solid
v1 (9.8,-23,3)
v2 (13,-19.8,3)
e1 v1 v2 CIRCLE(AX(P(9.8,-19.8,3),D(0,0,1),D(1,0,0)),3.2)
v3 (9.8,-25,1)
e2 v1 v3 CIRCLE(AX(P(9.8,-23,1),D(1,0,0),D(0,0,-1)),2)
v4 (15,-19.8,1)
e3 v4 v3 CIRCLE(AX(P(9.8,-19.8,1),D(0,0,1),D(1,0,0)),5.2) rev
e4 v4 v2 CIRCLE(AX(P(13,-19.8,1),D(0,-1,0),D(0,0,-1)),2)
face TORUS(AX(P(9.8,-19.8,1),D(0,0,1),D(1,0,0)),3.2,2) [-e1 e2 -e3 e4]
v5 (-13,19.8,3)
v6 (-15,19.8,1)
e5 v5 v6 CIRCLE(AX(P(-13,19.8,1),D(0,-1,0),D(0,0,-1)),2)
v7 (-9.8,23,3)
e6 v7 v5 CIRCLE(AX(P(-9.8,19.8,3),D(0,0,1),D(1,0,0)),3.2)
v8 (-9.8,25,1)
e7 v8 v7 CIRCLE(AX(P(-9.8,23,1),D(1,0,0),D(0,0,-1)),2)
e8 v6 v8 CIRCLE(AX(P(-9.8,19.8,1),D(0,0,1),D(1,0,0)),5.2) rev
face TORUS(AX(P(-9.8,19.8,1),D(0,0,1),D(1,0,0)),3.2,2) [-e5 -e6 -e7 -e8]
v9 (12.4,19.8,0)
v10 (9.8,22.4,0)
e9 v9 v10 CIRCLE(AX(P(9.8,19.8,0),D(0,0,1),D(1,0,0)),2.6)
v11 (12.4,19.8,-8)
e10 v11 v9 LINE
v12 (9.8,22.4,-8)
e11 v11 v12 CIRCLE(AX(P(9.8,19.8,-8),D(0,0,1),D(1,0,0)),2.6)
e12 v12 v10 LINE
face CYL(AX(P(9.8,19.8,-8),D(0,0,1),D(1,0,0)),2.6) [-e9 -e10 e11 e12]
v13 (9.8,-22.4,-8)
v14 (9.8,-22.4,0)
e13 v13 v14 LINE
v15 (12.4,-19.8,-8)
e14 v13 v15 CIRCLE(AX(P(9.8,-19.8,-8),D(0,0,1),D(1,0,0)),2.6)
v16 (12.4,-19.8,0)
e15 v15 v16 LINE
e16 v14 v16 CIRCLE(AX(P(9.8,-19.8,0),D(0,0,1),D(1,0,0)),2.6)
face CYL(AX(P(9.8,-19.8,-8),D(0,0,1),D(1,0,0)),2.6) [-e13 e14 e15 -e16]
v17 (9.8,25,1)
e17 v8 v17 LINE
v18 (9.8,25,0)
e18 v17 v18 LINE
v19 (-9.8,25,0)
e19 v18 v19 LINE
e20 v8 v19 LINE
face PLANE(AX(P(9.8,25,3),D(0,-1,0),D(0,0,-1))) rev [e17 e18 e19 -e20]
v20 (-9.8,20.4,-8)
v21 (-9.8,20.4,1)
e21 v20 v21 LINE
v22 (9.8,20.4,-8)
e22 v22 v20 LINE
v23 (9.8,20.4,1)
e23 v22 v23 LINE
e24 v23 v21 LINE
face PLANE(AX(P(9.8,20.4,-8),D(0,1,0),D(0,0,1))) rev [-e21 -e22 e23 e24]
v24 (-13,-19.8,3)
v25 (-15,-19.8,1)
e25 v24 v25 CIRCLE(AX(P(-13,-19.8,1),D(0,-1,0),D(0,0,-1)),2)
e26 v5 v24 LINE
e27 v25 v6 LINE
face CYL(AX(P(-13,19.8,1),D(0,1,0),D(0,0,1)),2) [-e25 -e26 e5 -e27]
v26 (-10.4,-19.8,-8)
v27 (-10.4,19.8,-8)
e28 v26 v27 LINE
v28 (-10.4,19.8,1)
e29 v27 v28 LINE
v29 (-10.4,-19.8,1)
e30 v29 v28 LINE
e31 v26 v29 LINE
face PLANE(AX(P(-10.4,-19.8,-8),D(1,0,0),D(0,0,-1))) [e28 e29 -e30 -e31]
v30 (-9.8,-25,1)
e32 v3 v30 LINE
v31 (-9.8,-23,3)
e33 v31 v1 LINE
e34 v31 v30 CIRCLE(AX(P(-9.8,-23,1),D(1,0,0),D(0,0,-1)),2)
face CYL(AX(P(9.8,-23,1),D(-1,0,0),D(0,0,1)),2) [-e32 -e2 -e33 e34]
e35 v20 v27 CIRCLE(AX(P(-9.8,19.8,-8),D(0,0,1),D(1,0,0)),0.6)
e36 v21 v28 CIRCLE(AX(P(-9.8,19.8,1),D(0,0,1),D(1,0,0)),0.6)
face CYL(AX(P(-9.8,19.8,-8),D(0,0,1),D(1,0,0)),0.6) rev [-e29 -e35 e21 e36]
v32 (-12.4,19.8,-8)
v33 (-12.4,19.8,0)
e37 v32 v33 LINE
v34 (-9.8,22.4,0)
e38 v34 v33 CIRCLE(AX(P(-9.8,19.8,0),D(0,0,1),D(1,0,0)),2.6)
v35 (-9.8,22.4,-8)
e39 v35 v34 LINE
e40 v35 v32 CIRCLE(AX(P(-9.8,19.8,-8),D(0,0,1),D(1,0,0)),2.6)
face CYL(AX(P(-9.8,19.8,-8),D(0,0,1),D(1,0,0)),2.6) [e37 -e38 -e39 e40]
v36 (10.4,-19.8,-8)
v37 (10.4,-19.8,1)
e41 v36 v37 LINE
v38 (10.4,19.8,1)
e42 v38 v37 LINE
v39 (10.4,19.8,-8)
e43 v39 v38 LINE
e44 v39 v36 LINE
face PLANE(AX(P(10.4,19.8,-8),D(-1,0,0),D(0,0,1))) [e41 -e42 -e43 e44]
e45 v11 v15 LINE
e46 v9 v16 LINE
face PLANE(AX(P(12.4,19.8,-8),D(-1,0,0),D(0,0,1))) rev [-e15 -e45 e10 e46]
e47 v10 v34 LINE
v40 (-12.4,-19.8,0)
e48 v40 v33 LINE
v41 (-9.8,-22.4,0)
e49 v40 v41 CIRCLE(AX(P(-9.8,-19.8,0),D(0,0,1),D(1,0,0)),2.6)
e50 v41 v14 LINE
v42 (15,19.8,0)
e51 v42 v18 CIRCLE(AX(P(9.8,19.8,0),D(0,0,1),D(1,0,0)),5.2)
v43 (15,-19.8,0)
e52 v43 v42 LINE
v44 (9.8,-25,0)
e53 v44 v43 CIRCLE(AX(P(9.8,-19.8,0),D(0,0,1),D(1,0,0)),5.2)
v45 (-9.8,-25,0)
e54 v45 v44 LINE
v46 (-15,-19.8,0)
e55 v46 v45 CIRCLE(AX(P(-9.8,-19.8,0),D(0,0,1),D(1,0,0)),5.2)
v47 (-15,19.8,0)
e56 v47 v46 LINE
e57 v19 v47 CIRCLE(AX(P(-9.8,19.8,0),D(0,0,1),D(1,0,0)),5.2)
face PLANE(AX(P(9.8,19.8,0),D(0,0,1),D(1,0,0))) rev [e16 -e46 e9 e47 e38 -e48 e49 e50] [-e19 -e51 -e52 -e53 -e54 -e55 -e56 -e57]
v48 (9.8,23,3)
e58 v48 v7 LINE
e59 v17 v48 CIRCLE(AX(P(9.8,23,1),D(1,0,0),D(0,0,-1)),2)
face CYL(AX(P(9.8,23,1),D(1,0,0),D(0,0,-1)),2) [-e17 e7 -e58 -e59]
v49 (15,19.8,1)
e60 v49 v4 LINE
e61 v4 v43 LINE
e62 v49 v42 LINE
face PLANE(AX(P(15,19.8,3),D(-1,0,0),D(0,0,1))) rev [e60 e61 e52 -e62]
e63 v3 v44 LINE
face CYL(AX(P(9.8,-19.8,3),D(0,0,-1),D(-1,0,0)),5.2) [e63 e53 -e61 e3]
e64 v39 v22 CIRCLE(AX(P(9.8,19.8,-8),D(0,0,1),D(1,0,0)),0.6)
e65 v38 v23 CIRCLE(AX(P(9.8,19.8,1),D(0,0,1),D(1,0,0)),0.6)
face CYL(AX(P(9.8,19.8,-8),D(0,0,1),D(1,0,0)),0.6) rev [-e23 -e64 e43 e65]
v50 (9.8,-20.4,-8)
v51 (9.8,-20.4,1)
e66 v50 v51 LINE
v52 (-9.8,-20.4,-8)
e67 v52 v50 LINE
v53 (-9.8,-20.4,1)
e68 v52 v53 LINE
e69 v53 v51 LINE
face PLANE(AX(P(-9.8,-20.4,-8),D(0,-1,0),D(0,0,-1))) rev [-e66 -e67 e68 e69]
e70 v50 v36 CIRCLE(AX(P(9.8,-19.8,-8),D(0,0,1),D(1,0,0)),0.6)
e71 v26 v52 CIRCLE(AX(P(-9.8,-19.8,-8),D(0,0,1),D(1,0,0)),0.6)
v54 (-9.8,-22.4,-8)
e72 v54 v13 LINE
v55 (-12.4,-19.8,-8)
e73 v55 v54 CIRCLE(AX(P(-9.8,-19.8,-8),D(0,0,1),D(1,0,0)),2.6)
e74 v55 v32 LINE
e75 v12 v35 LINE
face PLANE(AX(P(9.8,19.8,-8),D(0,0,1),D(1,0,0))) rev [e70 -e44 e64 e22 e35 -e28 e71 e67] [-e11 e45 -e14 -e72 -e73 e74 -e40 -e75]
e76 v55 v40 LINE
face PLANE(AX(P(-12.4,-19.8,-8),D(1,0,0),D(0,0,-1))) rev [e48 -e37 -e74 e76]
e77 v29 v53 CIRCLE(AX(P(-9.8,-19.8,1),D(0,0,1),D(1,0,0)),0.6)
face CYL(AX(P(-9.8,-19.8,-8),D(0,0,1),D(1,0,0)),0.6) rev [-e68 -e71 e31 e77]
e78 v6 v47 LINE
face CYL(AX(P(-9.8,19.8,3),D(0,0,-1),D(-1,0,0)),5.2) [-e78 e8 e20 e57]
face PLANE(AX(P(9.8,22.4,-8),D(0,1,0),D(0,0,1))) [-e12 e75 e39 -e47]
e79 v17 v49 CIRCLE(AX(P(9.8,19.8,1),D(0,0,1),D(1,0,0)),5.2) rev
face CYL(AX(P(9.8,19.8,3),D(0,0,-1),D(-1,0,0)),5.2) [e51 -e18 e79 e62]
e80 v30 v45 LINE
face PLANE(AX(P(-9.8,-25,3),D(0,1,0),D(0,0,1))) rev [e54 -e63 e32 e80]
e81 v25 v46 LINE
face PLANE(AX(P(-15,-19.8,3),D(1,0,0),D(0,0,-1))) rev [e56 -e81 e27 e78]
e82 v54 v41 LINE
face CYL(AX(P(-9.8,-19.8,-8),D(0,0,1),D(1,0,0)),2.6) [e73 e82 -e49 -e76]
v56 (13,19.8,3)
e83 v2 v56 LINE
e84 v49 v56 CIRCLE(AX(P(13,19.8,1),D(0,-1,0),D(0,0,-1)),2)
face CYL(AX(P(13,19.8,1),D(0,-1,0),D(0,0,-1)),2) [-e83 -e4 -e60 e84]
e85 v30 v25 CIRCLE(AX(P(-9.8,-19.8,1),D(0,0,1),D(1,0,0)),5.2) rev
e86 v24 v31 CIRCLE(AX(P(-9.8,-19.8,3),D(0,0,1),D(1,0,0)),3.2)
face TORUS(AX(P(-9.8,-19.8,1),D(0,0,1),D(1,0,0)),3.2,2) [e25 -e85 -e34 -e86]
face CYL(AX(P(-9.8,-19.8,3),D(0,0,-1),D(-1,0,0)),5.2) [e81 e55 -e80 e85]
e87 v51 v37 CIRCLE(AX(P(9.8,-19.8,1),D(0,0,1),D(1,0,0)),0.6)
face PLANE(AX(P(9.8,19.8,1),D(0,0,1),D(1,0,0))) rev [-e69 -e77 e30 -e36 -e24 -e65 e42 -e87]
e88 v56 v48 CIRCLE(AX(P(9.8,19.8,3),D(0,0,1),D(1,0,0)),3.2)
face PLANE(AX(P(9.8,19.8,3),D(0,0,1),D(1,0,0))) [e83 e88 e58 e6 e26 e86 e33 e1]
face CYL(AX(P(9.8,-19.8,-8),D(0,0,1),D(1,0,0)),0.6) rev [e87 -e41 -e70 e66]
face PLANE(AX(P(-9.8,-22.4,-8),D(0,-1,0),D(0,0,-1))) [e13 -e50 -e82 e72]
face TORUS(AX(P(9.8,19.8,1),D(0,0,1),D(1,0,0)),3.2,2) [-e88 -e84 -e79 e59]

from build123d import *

# Parameters (mm, degrees)
BOSS_EXTRUDE1_DEPTH = 8
BOSS_EXTRUDE3_DEPTH = 3
FILLET1_R           = 2
SHELL1_T            = -2


with BuildPart() as part:
    # Sketch1 → Boss-Extrude1 (new body)
    with BuildSketch(Plane.XY):
        with BuildLine():
            Line((-9.8, -22.4), (9.8, -22.4))
            ThreePointArc((9.8, -22.4), (11.638477631, -21.638477631), (12.4, -19.8))
            Line((12.4, -19.8), (12.4, 19.8))
            ThreePointArc((12.4, 19.8), (11.638477631, 21.638477631), (9.8, 22.4))
            Line((9.8, 22.4), (-9.8, 22.4))
            ThreePointArc((-9.8, 22.4), (-11.638477631, 21.638477631), (-12.4, 19.8))
            Line((-12.4, 19.8), (-12.4, -19.8))
            ThreePointArc((-12.4, -19.8), (-11.638477631, -21.638477631), (-9.8, -22.4))
        make_face()
    extrude(amount=-BOSS_EXTRUDE1_DEPTH)

    # Sketch3 → Boss-Extrude3 (add)
    with BuildSketch(Plane.XY):
        with BuildLine():
            Line((-9.8, -25), (9.8, -25))
            ThreePointArc((9.8, -25), (13.476955262, -23.476955262), (15, -19.8))
            Line((15, -19.8), (15, 19.8))
            ThreePointArc((15, 19.8), (13.476955262, 23.476955262), (9.8, 25))
            Line((9.8, 25), (-9.8, 25))
            ThreePointArc((-9.8, 25), (-13.476955262, 23.476955262), (-15, 19.8))
            Line((-15, 19.8), (-15, -19.8))
            ThreePointArc((-15, -19.8), (-13.476955262, -23.476955262), (-9.8, -25))
        make_face()
    extrude(amount=BOSS_EXTRUDE3_DEPTH)

    # Fillet1
    fillet1_edges = [part.edges().sort_by_distance(p)[0] for p in [
        (13.476955262, 23.476955262, 3),
        (0, 25, 3),
        (-13.476955262, 23.476955262, 3),
        (-15, 0, 3),
        (-13.476955262, -23.476955262, 3),
        (0, -25, 3),
        (13.476955262, -23.476955262, 3),
        (15, 0, 3),
    ]]
    fillet(fillet1_edges, radius=FILLET1_R)

    # Shell1
    shell1_openings = [part.faces().sort_by_distance(p)[0] for p in [
        (0, 0, -8),
    ]]
    offset(amount=SHELL1_T, openings=shell1_openings, kind=Kind.INTERSECTION)


solid = part.part
